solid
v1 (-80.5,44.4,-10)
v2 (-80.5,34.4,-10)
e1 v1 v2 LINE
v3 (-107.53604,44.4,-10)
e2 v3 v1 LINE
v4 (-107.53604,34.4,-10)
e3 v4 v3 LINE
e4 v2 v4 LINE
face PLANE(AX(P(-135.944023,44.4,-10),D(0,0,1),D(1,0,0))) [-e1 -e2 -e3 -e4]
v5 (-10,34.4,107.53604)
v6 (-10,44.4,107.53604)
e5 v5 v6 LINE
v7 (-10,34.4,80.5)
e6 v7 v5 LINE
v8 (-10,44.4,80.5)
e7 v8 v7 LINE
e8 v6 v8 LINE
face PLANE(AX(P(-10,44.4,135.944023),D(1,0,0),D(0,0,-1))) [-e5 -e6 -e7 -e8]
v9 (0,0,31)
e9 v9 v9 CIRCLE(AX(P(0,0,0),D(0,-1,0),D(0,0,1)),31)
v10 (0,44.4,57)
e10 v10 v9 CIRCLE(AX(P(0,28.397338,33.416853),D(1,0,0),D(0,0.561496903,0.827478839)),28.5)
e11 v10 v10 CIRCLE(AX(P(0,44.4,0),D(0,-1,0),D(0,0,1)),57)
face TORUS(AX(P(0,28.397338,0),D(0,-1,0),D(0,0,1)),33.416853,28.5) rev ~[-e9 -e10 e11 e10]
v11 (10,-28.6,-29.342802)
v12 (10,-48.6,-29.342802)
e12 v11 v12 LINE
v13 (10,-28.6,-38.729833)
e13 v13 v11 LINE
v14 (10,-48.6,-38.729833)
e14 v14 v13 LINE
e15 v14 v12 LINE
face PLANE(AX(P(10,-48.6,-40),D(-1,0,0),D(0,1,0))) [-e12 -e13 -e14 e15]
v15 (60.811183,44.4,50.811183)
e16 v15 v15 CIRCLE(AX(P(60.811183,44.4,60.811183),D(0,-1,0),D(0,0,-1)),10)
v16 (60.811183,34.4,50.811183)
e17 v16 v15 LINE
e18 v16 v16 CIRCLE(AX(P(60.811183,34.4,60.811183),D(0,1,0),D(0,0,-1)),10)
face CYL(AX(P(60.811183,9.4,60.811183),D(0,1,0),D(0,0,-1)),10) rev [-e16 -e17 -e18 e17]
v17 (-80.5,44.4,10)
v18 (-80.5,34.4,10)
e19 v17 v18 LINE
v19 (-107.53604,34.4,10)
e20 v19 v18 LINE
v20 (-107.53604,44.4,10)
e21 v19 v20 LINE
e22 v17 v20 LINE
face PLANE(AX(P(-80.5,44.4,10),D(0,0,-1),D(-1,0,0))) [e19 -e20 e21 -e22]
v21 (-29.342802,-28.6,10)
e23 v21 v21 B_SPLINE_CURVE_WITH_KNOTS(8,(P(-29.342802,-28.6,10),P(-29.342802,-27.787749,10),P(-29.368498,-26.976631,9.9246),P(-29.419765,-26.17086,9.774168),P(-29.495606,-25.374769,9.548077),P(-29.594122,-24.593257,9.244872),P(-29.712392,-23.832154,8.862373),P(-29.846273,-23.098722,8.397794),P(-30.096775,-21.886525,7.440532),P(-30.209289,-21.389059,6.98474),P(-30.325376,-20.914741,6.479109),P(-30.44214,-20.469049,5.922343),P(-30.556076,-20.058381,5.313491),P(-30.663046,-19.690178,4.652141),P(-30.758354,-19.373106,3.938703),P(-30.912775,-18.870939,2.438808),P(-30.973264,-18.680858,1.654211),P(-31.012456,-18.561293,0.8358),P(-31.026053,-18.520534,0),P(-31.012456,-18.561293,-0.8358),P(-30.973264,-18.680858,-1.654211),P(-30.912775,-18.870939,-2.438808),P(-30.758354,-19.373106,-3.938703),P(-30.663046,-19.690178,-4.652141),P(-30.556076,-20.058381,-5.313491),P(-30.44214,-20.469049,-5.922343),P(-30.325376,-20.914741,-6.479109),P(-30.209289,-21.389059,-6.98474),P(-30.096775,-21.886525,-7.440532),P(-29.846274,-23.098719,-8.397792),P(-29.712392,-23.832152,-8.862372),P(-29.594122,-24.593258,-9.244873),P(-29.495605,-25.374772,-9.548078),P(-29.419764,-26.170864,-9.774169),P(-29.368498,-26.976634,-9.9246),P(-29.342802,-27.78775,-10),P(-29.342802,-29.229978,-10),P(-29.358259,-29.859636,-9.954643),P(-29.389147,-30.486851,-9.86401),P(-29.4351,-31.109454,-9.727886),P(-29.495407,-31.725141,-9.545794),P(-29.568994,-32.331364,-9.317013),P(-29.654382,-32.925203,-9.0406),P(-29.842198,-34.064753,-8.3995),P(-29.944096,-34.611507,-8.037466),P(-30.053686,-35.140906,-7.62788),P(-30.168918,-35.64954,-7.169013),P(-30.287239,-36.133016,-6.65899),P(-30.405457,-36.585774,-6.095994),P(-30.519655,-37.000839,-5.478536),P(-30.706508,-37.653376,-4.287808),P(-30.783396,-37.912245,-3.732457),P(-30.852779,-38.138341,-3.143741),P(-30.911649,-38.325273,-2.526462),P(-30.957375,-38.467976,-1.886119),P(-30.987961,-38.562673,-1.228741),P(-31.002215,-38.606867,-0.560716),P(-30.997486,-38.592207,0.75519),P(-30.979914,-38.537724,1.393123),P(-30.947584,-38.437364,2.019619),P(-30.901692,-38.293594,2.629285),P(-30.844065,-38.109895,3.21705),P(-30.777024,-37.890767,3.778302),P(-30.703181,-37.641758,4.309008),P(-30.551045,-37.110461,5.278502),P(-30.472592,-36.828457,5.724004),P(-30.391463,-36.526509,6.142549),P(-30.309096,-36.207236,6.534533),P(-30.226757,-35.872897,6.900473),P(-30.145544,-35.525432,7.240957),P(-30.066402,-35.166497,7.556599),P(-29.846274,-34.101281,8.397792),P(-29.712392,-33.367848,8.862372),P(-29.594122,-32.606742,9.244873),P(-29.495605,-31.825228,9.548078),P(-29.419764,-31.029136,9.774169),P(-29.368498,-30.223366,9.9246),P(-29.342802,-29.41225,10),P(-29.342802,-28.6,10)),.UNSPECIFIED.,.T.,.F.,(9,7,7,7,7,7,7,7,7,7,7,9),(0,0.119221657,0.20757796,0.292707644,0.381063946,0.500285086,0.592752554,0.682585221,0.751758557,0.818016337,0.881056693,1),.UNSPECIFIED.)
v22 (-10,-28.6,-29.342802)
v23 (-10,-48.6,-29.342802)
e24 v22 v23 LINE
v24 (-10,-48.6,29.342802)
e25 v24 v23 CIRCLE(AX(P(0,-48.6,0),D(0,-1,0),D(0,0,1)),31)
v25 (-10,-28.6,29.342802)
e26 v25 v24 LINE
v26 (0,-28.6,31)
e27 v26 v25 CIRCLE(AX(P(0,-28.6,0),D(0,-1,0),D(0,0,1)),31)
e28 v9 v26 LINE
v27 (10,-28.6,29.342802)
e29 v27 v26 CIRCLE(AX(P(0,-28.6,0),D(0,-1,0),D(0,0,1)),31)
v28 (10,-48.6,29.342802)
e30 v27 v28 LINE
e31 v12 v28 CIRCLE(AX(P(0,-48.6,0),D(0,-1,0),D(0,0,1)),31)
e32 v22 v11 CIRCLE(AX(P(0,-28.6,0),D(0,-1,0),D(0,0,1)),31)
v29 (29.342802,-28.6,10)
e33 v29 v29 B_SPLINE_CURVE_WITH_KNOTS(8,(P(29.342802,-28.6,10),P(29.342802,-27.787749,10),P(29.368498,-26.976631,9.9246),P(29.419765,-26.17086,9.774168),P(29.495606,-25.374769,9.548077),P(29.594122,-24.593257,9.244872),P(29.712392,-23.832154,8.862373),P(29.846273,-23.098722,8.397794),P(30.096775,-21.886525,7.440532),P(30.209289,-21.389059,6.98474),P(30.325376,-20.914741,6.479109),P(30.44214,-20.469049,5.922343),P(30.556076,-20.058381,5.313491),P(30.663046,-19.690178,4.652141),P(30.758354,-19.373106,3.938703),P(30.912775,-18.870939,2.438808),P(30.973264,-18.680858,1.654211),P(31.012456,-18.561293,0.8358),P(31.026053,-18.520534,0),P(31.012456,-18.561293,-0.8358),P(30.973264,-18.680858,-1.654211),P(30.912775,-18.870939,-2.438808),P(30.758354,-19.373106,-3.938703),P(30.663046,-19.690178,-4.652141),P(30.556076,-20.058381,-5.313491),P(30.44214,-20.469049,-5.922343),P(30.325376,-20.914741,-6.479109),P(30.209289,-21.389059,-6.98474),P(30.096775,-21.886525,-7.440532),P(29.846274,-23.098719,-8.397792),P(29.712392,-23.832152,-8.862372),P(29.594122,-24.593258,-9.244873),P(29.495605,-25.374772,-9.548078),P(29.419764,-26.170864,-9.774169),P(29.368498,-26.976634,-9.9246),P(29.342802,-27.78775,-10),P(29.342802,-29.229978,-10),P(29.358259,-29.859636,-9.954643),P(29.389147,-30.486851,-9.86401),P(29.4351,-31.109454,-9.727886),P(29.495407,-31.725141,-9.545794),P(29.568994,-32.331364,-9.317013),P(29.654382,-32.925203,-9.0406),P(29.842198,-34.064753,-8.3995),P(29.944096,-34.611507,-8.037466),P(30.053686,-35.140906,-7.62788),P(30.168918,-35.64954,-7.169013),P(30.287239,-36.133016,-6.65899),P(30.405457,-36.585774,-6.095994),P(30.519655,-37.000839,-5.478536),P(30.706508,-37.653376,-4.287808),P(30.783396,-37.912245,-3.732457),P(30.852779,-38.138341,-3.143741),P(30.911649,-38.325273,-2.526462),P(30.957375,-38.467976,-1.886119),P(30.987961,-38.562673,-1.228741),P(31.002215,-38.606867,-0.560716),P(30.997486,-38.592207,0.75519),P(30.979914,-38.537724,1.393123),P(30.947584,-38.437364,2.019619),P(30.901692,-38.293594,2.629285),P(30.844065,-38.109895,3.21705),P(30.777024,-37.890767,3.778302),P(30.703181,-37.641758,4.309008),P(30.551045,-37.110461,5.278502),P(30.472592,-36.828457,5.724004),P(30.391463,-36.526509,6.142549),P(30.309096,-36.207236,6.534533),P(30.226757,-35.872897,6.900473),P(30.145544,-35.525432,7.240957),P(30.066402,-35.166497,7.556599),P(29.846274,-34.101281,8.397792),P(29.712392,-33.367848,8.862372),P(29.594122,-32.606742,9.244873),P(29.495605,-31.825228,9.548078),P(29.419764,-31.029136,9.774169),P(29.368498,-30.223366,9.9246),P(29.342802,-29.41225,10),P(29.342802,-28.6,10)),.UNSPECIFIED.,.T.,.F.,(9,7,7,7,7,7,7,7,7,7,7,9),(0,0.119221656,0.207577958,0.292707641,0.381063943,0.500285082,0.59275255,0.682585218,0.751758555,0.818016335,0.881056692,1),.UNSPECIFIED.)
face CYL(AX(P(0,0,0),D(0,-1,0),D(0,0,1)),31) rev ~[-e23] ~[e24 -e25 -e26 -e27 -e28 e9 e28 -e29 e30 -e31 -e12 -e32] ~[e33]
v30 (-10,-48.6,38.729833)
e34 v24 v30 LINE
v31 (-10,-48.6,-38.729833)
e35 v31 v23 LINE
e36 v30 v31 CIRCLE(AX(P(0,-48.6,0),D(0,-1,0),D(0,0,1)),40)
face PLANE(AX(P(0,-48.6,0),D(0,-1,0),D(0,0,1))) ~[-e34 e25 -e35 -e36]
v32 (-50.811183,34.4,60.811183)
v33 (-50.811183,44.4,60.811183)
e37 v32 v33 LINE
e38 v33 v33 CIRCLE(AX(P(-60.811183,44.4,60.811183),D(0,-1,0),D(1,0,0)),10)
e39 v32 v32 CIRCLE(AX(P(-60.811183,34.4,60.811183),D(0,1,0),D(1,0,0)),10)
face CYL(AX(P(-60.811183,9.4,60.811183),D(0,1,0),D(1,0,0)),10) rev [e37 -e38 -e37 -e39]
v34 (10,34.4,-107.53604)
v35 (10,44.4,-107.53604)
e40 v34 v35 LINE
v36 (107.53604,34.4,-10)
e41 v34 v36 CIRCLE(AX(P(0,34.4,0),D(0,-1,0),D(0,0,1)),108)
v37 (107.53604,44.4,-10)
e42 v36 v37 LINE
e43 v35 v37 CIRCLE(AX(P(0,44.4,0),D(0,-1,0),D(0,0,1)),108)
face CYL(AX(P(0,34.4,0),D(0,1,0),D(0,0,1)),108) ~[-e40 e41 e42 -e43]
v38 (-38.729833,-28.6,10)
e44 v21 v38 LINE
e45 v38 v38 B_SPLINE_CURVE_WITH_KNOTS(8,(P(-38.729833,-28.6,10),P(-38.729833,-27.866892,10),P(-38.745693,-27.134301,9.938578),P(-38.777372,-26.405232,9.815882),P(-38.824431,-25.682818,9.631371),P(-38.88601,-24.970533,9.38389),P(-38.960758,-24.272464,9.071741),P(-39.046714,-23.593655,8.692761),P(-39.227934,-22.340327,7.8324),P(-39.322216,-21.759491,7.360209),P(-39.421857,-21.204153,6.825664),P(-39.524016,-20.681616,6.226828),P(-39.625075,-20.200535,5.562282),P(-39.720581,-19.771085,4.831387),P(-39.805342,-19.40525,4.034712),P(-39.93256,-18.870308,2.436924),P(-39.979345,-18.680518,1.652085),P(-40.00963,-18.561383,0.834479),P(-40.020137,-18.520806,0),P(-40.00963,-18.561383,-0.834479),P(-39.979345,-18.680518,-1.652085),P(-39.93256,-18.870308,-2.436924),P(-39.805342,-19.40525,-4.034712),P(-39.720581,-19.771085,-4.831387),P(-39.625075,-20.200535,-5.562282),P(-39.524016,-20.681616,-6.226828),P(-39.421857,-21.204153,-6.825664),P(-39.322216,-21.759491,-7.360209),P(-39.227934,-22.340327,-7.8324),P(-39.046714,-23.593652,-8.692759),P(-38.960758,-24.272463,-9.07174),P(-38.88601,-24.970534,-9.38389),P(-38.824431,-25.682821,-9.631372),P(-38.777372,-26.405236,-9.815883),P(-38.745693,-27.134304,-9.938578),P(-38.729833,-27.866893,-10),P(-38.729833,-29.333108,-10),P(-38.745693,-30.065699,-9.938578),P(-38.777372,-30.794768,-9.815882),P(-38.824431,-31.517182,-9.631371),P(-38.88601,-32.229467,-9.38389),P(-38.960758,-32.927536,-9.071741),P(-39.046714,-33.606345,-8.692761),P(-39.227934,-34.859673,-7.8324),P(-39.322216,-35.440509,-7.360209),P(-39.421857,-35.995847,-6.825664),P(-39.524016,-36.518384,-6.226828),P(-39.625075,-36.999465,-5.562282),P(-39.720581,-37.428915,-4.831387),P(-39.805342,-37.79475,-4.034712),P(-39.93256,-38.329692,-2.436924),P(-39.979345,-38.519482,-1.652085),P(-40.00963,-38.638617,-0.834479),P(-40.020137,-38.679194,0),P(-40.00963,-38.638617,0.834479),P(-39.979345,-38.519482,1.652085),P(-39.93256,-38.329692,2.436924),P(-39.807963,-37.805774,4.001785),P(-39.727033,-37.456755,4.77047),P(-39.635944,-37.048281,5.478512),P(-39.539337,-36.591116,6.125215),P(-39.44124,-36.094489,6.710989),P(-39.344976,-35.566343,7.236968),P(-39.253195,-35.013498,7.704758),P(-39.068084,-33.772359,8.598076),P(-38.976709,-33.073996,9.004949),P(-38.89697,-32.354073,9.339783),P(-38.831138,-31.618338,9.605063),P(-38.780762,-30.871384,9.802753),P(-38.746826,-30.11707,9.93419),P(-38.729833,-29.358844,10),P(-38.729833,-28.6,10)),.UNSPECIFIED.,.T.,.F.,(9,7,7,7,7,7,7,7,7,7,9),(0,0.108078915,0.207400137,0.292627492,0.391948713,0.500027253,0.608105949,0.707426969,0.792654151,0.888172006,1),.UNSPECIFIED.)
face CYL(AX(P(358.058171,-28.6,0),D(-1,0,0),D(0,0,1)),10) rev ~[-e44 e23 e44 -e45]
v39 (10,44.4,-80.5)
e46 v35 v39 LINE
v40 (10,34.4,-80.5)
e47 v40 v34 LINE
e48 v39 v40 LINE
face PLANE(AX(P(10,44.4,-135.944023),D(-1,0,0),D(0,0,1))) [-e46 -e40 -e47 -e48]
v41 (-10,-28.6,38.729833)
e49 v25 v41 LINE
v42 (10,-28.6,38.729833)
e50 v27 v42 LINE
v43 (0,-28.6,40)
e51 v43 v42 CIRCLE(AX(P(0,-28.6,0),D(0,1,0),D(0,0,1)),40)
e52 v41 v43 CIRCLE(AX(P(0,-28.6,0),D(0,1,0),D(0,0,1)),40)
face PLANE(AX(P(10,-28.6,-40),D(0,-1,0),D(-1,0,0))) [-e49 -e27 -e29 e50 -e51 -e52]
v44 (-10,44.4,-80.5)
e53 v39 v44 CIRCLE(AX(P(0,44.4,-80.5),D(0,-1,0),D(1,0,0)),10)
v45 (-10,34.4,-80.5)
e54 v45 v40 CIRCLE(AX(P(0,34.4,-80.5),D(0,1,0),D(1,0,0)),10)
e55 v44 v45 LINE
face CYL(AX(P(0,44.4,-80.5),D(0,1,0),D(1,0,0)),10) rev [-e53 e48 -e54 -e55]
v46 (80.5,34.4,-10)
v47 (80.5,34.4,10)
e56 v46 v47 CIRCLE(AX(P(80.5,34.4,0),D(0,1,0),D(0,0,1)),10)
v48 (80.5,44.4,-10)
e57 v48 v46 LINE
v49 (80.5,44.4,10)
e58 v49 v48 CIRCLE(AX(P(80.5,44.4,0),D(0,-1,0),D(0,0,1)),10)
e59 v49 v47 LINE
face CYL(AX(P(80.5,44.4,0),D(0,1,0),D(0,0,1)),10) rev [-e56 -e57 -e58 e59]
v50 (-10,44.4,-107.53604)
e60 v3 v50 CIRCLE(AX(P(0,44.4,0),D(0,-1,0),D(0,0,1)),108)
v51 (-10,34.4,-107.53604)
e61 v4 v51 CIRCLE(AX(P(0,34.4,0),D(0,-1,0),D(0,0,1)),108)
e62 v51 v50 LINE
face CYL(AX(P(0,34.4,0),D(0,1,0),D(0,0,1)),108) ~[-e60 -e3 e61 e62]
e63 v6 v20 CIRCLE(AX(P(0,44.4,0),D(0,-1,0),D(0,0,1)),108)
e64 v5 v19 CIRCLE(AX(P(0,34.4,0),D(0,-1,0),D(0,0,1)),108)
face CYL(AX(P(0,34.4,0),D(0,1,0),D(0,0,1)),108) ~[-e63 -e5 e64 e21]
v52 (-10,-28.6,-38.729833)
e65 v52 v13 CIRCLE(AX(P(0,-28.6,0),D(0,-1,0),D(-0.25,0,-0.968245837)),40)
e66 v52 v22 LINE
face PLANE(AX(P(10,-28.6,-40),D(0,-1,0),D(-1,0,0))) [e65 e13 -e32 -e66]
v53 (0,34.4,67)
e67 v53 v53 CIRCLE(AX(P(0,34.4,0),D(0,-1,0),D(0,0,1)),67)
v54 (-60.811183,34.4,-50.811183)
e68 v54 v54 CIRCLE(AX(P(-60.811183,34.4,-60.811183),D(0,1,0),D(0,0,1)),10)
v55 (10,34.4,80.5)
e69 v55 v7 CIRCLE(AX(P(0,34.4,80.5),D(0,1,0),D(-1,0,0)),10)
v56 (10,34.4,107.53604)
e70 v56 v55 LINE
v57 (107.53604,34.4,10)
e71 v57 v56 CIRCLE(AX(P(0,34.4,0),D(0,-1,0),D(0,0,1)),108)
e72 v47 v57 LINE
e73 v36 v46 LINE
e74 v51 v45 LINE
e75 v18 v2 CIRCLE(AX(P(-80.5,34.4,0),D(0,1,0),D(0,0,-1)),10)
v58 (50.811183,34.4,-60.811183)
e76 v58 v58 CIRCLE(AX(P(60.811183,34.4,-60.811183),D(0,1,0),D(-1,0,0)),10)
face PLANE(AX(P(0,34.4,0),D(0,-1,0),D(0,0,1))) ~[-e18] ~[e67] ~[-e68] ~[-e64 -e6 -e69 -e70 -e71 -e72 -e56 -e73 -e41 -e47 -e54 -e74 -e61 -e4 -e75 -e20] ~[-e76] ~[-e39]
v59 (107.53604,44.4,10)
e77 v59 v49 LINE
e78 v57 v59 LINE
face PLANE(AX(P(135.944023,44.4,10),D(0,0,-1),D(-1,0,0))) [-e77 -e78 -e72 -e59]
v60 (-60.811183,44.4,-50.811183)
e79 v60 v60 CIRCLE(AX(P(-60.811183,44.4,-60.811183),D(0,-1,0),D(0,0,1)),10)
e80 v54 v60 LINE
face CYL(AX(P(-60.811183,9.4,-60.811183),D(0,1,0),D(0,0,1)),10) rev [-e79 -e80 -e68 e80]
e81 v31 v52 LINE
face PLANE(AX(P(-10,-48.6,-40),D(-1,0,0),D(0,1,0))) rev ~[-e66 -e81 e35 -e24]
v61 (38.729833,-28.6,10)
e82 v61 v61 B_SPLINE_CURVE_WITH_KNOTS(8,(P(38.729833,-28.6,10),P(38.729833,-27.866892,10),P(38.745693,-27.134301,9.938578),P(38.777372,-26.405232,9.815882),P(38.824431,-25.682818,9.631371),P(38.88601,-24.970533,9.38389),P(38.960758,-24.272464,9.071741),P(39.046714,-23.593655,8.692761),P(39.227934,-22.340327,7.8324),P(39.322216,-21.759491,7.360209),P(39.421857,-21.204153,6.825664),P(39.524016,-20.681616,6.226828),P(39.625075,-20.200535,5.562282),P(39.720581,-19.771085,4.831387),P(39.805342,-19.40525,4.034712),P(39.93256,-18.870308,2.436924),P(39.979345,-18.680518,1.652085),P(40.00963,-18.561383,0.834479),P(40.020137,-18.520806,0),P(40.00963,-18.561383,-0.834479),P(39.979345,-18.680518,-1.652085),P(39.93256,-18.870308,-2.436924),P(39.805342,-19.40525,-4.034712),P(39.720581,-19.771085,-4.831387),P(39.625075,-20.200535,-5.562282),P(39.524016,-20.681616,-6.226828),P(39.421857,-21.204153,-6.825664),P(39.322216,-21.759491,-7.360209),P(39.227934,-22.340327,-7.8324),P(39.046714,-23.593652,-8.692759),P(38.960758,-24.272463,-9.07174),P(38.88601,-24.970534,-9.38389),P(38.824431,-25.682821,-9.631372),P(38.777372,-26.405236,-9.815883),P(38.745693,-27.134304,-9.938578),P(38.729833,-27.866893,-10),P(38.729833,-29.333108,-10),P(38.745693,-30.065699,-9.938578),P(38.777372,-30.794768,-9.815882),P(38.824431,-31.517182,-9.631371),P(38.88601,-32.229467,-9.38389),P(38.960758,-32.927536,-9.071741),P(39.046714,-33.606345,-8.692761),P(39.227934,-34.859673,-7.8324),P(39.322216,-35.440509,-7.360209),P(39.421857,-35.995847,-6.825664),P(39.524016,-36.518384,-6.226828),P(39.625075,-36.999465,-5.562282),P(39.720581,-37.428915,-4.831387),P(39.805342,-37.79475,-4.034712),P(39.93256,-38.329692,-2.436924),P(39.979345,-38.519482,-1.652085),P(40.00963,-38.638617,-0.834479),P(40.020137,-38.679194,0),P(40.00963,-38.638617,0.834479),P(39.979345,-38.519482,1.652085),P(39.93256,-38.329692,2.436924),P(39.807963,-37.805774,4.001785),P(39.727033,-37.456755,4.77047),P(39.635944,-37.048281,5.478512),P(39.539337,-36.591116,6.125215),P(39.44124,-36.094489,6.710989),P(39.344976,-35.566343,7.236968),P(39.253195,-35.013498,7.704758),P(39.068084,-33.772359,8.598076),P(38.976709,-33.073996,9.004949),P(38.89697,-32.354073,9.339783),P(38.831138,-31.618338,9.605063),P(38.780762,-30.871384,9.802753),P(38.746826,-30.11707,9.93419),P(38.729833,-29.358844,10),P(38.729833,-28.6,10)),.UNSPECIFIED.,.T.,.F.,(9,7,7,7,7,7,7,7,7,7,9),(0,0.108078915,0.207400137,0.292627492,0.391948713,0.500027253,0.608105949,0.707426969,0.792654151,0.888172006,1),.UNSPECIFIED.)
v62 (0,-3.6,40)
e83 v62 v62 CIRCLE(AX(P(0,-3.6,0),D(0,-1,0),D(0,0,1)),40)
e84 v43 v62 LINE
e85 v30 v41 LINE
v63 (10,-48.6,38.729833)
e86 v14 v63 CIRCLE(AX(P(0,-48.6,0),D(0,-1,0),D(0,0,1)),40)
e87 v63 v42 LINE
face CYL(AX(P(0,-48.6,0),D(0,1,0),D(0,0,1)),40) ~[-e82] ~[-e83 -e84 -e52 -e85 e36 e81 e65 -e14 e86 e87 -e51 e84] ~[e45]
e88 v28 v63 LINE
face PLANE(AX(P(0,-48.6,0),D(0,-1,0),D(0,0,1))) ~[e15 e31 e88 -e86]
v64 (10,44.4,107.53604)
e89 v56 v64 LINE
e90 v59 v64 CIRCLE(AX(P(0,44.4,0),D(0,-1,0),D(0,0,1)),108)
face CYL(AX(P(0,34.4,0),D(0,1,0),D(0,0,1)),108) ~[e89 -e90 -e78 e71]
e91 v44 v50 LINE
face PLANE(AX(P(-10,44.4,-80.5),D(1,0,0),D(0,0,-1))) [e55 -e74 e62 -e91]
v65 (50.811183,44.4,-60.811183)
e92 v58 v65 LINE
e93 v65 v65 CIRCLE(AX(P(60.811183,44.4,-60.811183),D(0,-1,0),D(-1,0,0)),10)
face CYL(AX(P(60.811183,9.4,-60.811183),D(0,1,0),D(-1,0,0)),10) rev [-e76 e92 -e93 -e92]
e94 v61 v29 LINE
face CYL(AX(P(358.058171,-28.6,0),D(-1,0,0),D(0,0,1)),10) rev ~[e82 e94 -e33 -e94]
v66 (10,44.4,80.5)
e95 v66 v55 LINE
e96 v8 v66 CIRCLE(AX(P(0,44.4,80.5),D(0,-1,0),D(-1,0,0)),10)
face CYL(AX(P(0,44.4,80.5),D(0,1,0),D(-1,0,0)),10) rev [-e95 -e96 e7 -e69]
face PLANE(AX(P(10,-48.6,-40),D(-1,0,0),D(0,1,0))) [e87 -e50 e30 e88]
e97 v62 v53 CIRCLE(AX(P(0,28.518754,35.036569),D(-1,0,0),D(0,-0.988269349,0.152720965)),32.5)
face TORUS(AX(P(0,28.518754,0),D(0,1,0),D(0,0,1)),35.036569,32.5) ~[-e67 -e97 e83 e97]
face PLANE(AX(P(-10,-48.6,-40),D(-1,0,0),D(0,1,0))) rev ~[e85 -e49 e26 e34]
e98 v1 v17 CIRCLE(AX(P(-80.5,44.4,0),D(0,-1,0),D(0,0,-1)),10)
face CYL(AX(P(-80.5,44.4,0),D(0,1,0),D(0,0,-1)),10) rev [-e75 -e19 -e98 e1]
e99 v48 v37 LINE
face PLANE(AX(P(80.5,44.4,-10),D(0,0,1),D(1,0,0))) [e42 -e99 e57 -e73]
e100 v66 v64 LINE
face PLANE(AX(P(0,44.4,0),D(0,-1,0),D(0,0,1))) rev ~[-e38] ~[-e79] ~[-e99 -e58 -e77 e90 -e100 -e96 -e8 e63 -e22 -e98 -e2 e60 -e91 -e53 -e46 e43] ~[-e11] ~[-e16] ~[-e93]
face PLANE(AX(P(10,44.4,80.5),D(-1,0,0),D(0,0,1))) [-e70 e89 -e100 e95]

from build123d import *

# Parameters (mm, degrees)
TAGLIO_ESTRUSIONE1_REACH    = 180.821
FORO_20_0_20_1_AT_2_COUNT   = 2
FORO_20_0_20_1_AT_2_PITCH   = 86
RIPETIZIONECIRCOLARE3_COUNT = 4
FORO_20_0_20_3_D            = 20
SCHIZZO12_W                 = 20
SCHIZZO12_H                 = 20
TAGLIO_ESTRUSIONE2_DEPTH    = 189.925496552


with BuildPart() as part:
    # Schizzo1 → Rivoluzione1 (revolve)
    with BuildSketch(Plane.XY):
        with BuildLine():
            Line((-57, 44.4), (-108, 44.4))
            Line((-108, 44.4), (-108, 34.4))
            Line((-108, 34.4), (-67, 34.4))
            ThreePointArc((-67, 34.4), (-61.529931917, 9.694522059), (-40, -3.6))
            Line((-40, -3.6), (-40, -48.6))
            Line((-40, -48.6), (-31, -48.6))
            Line((-31, -48.6), (-31, 0))
            ThreePointArc((-31, 0), (-58.010409132, 13.995706364), (-57, 44.4))
        make_face()
    revolve(axis=Axis((0, 66.063782364, 0), (0, -1, 0)))

    # Schizzo2 → Taglio-Estrusione1 (cut, up to next)
    with BuildSketch(Plane(origin=(0, 44.4, 0), x_dir=(1, 0, 0), z_dir=(0, 1, 0)), mode=Mode.PRIVATE) as taglio_estrusione1_sk1:
        with BuildLine():
            Line((-10, 80.5), (-10, 135.944022788))
            ThreePointArc((-10, 135.944022788), (0, 145.944022788), (10, 135.944022788))
            Line((10, 135.944022788), (10, 80.5))
            ThreePointArc((10, 80.5), (0, 70.5), (-10, 80.5))
        make_face()
    taglio_estrusione1_tool1 = extrude(taglio_estrusione1_sk1.sketch, amount=-TAGLIO_ESTRUSIONE1_REACH, mode=Mode.PRIVATE) & part.part
    taglio_estrusione1 = taglio_estrusione1_tool1.solids().sort_by_distance((0, 44.4, -108.222011))[0]
    add(taglio_estrusione1, mode=Mode.SUBTRACT)

    # Schizzo4 → Foro Ø20.0 (20)-1 (revolve, cut)
    with BuildSketch(Plane(origin=(-60.811183182, 44.4, -60.811183182), x_dir=(0, 0, 1), z_dir=(1, 0, 0))):
        Polygon((0, 0), (0, 41.00860619), (10, 35), (10, 0), align=None)
    foro_20_0_20_1 = revolve(axis=Axis((-60.811183182, 50.75, -60.811183182), (0, -1, 0)), mode=Mode.SUBTRACT)

    # Foro Ø20.0 (20)-1 at 2: Foro Ø20.0 (20)-1 ×2
    with Locations(*[Vector(0.7071067811865489, 0, 0.7071067811865462) * (i * FORO_20_0_20_1_AT_2_PITCH) for i in range(1, FORO_20_0_20_1_AT_2_COUNT)]):
        add(foro_20_0_20_1, mode=Mode.SUBTRACT)

    # RipetizioneCircolare3: Taglio-Estrusione1, Foro Ø20.0 (20)-1 ×4 about axis
    ripetizionecircolare3_axis = Axis((0, 0, 0), (0, -1, 0))
    add([taglio_estrusione1.rotate(ripetizionecircolare3_axis, i * 360 / RIPETIZIONECIRCOLARE3_COUNT) for i in range(1, RIPETIZIONECIRCOLARE3_COUNT)], mode=Mode.SUBTRACT)
    add([foro_20_0_20_1.rotate(ripetizionecircolare3_axis, i * 360 / RIPETIZIONECIRCOLARE3_COUNT) for i in range(1, RIPETIZIONECIRCOLARE3_COUNT)], mode=Mode.SUBTRACT)

    # RipetizioneCircolare3 copy 1 sketch → RipetizioneCircolare3 copy 1 (revolve, cut)
    with BuildSketch(Plane(origin=(0, 44.4, 0), x_dir=(-1, 0, 0), z_dir=(0, 0, 1))):
        Polygon((0, 0), (0, 41.00860619), (10, 35), (10, 0), align=None)
    revolve(axis=Axis((0, 50.75, 0), (0, -1, 0)), mode=Mode.SUBTRACT)

    # RipetizioneCircolare3 copy 2 sketch → RipetizioneCircolare3 copy 2 (revolve, cut)
    with BuildSketch(Plane(origin=(0, 44.4, 0), x_dir=(0, 0, -1), z_dir=(-1, 0, 0))):
        Polygon((0, 0), (0, 41.00860619), (10, 35), (10, 0), align=None)
    revolve(axis=Axis((0, 50.75, 0), (0, -1, 0)), mode=Mode.SUBTRACT)

    # RipetizioneCircolare3 copy 3 sketch → RipetizioneCircolare3 copy 3 (revolve, cut)
    with BuildSketch(Plane(origin=(0, 44.4, 0), x_dir=(1, 0, 0), z_dir=(0, 0, -1))):
        Polygon((0, 0), (0, 41.00860619), (10, 35), (10, 0), align=None)
    revolve(axis=Axis((0, 50.75, 0), (0, -1, 0)), mode=Mode.SUBTRACT)

    # Foro Ø20.0 (20)-3 (through all)
    with Locations(Plane(origin=(40, 0, 0), x_dir=(0, 0, -1), z_dir=(1, 0, 0))):
        with Locations((0, -28.6)):
            Hole(FORO_20_0_20_3_D / 2)

    # Schizzo12 → Taglio-Estrusione2 (cut, through all)
    with BuildSketch(Plane(origin=(0, 0, -40), x_dir=(-1, 0, 0), z_dir=(0, 0, -1))):
        with Locations((0, -38.6)):
            Rectangle(SCHIZZO12_W, SCHIZZO12_H)
    extrude(amount=-TAGLIO_ESTRUSIONE2_DEPTH, mode=Mode.SUBTRACT)


solid = part.part
